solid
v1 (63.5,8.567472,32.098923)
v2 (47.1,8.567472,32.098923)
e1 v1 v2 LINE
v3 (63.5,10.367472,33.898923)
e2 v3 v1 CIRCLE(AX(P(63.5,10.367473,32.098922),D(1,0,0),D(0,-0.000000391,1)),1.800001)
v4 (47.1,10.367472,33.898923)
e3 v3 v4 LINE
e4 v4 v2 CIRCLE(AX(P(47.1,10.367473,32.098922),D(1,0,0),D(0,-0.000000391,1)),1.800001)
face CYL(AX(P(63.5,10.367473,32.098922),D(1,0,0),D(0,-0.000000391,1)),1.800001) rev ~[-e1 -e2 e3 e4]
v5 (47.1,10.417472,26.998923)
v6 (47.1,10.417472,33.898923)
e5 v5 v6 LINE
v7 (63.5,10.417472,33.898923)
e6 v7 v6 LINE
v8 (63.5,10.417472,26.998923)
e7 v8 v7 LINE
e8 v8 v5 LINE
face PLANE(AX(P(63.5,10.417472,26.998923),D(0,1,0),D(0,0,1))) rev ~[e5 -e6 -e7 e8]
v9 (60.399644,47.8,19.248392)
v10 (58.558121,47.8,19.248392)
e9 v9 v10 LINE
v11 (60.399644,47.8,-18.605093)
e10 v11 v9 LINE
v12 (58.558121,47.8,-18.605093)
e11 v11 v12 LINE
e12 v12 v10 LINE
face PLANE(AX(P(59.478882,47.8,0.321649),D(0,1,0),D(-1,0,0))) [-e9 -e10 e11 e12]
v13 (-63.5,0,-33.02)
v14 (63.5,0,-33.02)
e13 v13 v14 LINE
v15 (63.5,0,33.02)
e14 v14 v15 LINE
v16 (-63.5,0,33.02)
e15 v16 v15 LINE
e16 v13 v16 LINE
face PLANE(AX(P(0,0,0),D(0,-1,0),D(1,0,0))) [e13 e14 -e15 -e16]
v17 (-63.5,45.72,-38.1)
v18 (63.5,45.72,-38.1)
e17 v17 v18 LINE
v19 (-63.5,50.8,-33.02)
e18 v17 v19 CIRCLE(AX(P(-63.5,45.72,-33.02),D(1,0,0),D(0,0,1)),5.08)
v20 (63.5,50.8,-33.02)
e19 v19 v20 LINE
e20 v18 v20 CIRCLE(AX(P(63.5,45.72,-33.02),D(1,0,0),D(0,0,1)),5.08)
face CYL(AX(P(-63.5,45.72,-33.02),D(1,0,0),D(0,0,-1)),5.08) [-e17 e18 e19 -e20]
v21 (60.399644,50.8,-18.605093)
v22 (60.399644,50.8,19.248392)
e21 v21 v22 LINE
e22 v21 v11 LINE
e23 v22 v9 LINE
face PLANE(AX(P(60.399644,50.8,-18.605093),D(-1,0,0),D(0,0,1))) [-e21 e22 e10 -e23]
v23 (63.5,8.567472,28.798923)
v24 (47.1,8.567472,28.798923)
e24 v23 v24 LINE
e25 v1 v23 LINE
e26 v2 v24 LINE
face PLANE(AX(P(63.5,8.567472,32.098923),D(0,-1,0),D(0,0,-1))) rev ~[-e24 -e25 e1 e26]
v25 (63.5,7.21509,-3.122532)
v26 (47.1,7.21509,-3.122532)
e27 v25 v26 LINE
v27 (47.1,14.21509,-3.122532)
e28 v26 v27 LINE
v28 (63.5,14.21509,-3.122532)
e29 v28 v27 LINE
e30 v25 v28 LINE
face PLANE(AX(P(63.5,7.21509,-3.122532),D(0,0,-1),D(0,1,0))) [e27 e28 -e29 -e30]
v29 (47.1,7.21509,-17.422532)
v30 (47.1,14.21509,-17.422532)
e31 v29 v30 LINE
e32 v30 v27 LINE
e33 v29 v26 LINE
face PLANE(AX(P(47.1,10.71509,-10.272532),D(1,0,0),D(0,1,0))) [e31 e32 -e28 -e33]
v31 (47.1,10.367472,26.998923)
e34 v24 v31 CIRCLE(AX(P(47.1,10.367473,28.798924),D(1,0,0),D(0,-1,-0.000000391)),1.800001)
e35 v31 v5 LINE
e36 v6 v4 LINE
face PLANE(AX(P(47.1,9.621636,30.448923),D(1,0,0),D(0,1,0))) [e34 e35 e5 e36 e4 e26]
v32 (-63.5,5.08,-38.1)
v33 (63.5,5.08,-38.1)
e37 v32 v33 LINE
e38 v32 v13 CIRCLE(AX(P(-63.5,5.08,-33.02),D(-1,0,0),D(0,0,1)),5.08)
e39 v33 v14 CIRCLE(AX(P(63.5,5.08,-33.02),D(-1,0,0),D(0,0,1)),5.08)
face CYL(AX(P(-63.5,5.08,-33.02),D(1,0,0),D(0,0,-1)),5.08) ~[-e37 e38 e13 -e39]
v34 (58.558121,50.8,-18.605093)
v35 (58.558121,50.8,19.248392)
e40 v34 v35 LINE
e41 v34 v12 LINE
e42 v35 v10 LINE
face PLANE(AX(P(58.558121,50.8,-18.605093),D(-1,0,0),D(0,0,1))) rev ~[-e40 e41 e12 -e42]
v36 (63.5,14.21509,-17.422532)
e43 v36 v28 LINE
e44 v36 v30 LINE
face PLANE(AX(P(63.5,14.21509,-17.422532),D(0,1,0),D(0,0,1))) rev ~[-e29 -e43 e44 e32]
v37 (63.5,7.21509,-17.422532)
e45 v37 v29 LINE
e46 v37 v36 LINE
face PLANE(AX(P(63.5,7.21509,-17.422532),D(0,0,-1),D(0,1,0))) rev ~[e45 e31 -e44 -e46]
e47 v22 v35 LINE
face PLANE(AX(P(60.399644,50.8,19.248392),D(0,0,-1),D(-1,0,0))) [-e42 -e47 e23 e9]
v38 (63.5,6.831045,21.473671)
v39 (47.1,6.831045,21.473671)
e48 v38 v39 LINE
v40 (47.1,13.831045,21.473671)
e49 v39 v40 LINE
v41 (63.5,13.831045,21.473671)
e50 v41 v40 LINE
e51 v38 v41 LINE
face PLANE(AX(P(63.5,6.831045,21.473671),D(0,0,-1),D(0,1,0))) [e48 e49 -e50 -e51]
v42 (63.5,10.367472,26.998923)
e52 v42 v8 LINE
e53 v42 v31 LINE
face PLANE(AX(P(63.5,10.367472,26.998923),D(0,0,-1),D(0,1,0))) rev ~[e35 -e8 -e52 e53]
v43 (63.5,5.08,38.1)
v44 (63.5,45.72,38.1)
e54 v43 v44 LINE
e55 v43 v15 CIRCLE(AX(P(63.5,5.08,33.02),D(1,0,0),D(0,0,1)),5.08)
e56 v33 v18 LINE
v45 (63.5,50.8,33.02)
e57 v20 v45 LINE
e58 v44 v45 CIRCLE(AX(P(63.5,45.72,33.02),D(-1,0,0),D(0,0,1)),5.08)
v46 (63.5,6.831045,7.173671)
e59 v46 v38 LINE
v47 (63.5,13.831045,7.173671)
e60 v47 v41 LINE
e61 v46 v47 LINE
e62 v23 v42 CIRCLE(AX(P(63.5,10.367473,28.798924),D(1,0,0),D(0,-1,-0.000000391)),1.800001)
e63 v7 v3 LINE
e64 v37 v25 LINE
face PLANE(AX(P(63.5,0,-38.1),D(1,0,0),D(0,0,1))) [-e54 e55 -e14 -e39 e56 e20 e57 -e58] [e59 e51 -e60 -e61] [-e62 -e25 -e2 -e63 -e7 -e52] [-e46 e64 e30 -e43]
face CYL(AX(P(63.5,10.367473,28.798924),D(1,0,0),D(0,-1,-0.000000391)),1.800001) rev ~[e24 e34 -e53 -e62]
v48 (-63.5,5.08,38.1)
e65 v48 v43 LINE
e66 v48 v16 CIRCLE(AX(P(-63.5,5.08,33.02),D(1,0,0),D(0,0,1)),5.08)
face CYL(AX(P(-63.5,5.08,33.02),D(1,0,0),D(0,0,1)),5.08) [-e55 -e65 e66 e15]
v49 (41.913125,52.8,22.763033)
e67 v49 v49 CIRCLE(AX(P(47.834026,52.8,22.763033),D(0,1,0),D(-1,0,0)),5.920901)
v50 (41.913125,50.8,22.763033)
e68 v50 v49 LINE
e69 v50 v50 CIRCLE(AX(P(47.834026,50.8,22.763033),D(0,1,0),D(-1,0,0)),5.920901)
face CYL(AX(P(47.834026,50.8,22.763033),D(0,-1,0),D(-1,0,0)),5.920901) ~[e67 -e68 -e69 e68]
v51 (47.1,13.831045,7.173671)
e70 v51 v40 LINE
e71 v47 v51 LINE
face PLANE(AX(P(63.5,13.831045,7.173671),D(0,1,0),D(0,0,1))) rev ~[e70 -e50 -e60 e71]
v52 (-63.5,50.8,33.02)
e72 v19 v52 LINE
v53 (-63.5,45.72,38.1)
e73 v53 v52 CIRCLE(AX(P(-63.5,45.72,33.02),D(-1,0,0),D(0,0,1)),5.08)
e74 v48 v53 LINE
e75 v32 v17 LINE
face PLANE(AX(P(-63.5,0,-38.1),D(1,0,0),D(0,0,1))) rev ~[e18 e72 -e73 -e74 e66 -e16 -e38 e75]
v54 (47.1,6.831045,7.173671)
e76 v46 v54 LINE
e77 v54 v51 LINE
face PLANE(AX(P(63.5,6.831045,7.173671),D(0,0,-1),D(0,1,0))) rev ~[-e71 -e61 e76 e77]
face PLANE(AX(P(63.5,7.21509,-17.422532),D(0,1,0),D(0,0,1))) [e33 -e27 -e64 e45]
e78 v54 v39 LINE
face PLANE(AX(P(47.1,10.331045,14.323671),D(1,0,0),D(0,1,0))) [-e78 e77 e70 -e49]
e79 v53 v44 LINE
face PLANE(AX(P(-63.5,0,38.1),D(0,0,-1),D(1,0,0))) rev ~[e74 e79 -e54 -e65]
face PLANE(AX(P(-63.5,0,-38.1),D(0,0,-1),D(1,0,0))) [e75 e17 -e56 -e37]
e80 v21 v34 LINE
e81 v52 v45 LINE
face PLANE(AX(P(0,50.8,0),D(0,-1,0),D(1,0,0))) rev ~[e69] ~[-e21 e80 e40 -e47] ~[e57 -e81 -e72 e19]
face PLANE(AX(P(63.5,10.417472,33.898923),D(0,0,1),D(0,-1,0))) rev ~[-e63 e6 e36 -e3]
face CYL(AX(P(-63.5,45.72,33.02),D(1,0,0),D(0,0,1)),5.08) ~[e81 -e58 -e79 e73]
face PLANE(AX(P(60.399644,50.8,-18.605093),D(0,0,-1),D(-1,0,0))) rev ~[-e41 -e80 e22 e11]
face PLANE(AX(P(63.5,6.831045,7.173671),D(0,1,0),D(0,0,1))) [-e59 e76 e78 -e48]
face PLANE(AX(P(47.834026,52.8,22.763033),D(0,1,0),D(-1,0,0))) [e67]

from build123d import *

# Parameters (mm, degrees)
F0_W      = 127
F0_H      = 76.2
F1_DEPTH  = 50.8
F2_R      = 5.08
F3_W      = 7
F3_H      = 14.3
F4_DEPTH  = 16.4
F5_W      = 7
F5_H      = 14.3
F6_DEPTH  = 16.4
F8_DEPTH  = 16.4
F9_W      = 1.841523
F9_H      = 37.853485
F10_DEPTH = 3
F11_R     = 5.920901
F12_DEPTH = 2


with BuildPart() as f1:
    # F0 (on Front) → F1 (new body)
    with BuildSketch(Plane.XZ):
        Rectangle(F0_W, F0_H)
    extrude(amount=-F1_DEPTH)

    # F2
    f2_edges = [f1.edges().sort_by_distance(p)[0] for p in [
        (0, 50.8, -38.1),
        (0, 0, -38.1),
        (0, 0, 38.1),
        (0, 50.8, 38.1),
    ]]
    fillet(f2_edges, radius=F2_R)

    # F3 (on face) → F4 (cut)
    with BuildSketch(Plane.YZ.offset(63.5)):
        with Locations((10.331045, 14.323671)):
            Rectangle(F3_W, F3_H)
    extrude(amount=-F4_DEPTH, mode=Mode.SUBTRACT)

    # F5 (on face) → F6 (cut)
    with BuildSketch(Plane.YZ.offset(63.5)):
        with Locations((10.71509, -10.272532)):
            Rectangle(F5_W, F5_H)
    extrude(amount=-F6_DEPTH, mode=Mode.SUBTRACT)

    # F7 (on face) → F8 (cut)
    with BuildSketch(Plane.YZ.offset(63.5)):
        with BuildLine():
            Line((10.417472, 33.898923), (10.367472, 33.898923))
            ThreePointArc((10.367472, 33.898923), (9.09468, 33.371715), (8.567472, 32.098923))
            Line((8.567472, 32.098923), (8.567472, 28.798923))
            ThreePointArc((8.567472, 28.798923), (9.09468, 27.526131), (10.367472, 26.998923))
            Line((10.367472, 26.998923), (10.417472, 26.998923))
            Line((10.417472, 26.998923), (10.417472, 33.898923))
        make_face()
    extrude(amount=-F8_DEPTH, mode=Mode.SUBTRACT)

    # F9 (on face) → F10 (cut)
    with BuildSketch(Plane(origin=(0, 50.8, 0), x_dir=(-1, 0, 0), z_dir=(0, 1, 0))):
        with Locations((-59.478882, 0.321649)):
            Rectangle(F9_W, F9_H)
    extrude(amount=-F10_DEPTH, mode=Mode.SUBTRACT)

    # F11 (on face) → F12 (join)
    with BuildSketch(Plane(origin=(0, 50.8, 0), x_dir=(-1, 0, 0), z_dir=(0, 1, 0))):
        with Locations((-47.834026, 22.763033)):
            Circle(F11_R)
    extrude(amount=F12_DEPTH)


solid = f1.part
